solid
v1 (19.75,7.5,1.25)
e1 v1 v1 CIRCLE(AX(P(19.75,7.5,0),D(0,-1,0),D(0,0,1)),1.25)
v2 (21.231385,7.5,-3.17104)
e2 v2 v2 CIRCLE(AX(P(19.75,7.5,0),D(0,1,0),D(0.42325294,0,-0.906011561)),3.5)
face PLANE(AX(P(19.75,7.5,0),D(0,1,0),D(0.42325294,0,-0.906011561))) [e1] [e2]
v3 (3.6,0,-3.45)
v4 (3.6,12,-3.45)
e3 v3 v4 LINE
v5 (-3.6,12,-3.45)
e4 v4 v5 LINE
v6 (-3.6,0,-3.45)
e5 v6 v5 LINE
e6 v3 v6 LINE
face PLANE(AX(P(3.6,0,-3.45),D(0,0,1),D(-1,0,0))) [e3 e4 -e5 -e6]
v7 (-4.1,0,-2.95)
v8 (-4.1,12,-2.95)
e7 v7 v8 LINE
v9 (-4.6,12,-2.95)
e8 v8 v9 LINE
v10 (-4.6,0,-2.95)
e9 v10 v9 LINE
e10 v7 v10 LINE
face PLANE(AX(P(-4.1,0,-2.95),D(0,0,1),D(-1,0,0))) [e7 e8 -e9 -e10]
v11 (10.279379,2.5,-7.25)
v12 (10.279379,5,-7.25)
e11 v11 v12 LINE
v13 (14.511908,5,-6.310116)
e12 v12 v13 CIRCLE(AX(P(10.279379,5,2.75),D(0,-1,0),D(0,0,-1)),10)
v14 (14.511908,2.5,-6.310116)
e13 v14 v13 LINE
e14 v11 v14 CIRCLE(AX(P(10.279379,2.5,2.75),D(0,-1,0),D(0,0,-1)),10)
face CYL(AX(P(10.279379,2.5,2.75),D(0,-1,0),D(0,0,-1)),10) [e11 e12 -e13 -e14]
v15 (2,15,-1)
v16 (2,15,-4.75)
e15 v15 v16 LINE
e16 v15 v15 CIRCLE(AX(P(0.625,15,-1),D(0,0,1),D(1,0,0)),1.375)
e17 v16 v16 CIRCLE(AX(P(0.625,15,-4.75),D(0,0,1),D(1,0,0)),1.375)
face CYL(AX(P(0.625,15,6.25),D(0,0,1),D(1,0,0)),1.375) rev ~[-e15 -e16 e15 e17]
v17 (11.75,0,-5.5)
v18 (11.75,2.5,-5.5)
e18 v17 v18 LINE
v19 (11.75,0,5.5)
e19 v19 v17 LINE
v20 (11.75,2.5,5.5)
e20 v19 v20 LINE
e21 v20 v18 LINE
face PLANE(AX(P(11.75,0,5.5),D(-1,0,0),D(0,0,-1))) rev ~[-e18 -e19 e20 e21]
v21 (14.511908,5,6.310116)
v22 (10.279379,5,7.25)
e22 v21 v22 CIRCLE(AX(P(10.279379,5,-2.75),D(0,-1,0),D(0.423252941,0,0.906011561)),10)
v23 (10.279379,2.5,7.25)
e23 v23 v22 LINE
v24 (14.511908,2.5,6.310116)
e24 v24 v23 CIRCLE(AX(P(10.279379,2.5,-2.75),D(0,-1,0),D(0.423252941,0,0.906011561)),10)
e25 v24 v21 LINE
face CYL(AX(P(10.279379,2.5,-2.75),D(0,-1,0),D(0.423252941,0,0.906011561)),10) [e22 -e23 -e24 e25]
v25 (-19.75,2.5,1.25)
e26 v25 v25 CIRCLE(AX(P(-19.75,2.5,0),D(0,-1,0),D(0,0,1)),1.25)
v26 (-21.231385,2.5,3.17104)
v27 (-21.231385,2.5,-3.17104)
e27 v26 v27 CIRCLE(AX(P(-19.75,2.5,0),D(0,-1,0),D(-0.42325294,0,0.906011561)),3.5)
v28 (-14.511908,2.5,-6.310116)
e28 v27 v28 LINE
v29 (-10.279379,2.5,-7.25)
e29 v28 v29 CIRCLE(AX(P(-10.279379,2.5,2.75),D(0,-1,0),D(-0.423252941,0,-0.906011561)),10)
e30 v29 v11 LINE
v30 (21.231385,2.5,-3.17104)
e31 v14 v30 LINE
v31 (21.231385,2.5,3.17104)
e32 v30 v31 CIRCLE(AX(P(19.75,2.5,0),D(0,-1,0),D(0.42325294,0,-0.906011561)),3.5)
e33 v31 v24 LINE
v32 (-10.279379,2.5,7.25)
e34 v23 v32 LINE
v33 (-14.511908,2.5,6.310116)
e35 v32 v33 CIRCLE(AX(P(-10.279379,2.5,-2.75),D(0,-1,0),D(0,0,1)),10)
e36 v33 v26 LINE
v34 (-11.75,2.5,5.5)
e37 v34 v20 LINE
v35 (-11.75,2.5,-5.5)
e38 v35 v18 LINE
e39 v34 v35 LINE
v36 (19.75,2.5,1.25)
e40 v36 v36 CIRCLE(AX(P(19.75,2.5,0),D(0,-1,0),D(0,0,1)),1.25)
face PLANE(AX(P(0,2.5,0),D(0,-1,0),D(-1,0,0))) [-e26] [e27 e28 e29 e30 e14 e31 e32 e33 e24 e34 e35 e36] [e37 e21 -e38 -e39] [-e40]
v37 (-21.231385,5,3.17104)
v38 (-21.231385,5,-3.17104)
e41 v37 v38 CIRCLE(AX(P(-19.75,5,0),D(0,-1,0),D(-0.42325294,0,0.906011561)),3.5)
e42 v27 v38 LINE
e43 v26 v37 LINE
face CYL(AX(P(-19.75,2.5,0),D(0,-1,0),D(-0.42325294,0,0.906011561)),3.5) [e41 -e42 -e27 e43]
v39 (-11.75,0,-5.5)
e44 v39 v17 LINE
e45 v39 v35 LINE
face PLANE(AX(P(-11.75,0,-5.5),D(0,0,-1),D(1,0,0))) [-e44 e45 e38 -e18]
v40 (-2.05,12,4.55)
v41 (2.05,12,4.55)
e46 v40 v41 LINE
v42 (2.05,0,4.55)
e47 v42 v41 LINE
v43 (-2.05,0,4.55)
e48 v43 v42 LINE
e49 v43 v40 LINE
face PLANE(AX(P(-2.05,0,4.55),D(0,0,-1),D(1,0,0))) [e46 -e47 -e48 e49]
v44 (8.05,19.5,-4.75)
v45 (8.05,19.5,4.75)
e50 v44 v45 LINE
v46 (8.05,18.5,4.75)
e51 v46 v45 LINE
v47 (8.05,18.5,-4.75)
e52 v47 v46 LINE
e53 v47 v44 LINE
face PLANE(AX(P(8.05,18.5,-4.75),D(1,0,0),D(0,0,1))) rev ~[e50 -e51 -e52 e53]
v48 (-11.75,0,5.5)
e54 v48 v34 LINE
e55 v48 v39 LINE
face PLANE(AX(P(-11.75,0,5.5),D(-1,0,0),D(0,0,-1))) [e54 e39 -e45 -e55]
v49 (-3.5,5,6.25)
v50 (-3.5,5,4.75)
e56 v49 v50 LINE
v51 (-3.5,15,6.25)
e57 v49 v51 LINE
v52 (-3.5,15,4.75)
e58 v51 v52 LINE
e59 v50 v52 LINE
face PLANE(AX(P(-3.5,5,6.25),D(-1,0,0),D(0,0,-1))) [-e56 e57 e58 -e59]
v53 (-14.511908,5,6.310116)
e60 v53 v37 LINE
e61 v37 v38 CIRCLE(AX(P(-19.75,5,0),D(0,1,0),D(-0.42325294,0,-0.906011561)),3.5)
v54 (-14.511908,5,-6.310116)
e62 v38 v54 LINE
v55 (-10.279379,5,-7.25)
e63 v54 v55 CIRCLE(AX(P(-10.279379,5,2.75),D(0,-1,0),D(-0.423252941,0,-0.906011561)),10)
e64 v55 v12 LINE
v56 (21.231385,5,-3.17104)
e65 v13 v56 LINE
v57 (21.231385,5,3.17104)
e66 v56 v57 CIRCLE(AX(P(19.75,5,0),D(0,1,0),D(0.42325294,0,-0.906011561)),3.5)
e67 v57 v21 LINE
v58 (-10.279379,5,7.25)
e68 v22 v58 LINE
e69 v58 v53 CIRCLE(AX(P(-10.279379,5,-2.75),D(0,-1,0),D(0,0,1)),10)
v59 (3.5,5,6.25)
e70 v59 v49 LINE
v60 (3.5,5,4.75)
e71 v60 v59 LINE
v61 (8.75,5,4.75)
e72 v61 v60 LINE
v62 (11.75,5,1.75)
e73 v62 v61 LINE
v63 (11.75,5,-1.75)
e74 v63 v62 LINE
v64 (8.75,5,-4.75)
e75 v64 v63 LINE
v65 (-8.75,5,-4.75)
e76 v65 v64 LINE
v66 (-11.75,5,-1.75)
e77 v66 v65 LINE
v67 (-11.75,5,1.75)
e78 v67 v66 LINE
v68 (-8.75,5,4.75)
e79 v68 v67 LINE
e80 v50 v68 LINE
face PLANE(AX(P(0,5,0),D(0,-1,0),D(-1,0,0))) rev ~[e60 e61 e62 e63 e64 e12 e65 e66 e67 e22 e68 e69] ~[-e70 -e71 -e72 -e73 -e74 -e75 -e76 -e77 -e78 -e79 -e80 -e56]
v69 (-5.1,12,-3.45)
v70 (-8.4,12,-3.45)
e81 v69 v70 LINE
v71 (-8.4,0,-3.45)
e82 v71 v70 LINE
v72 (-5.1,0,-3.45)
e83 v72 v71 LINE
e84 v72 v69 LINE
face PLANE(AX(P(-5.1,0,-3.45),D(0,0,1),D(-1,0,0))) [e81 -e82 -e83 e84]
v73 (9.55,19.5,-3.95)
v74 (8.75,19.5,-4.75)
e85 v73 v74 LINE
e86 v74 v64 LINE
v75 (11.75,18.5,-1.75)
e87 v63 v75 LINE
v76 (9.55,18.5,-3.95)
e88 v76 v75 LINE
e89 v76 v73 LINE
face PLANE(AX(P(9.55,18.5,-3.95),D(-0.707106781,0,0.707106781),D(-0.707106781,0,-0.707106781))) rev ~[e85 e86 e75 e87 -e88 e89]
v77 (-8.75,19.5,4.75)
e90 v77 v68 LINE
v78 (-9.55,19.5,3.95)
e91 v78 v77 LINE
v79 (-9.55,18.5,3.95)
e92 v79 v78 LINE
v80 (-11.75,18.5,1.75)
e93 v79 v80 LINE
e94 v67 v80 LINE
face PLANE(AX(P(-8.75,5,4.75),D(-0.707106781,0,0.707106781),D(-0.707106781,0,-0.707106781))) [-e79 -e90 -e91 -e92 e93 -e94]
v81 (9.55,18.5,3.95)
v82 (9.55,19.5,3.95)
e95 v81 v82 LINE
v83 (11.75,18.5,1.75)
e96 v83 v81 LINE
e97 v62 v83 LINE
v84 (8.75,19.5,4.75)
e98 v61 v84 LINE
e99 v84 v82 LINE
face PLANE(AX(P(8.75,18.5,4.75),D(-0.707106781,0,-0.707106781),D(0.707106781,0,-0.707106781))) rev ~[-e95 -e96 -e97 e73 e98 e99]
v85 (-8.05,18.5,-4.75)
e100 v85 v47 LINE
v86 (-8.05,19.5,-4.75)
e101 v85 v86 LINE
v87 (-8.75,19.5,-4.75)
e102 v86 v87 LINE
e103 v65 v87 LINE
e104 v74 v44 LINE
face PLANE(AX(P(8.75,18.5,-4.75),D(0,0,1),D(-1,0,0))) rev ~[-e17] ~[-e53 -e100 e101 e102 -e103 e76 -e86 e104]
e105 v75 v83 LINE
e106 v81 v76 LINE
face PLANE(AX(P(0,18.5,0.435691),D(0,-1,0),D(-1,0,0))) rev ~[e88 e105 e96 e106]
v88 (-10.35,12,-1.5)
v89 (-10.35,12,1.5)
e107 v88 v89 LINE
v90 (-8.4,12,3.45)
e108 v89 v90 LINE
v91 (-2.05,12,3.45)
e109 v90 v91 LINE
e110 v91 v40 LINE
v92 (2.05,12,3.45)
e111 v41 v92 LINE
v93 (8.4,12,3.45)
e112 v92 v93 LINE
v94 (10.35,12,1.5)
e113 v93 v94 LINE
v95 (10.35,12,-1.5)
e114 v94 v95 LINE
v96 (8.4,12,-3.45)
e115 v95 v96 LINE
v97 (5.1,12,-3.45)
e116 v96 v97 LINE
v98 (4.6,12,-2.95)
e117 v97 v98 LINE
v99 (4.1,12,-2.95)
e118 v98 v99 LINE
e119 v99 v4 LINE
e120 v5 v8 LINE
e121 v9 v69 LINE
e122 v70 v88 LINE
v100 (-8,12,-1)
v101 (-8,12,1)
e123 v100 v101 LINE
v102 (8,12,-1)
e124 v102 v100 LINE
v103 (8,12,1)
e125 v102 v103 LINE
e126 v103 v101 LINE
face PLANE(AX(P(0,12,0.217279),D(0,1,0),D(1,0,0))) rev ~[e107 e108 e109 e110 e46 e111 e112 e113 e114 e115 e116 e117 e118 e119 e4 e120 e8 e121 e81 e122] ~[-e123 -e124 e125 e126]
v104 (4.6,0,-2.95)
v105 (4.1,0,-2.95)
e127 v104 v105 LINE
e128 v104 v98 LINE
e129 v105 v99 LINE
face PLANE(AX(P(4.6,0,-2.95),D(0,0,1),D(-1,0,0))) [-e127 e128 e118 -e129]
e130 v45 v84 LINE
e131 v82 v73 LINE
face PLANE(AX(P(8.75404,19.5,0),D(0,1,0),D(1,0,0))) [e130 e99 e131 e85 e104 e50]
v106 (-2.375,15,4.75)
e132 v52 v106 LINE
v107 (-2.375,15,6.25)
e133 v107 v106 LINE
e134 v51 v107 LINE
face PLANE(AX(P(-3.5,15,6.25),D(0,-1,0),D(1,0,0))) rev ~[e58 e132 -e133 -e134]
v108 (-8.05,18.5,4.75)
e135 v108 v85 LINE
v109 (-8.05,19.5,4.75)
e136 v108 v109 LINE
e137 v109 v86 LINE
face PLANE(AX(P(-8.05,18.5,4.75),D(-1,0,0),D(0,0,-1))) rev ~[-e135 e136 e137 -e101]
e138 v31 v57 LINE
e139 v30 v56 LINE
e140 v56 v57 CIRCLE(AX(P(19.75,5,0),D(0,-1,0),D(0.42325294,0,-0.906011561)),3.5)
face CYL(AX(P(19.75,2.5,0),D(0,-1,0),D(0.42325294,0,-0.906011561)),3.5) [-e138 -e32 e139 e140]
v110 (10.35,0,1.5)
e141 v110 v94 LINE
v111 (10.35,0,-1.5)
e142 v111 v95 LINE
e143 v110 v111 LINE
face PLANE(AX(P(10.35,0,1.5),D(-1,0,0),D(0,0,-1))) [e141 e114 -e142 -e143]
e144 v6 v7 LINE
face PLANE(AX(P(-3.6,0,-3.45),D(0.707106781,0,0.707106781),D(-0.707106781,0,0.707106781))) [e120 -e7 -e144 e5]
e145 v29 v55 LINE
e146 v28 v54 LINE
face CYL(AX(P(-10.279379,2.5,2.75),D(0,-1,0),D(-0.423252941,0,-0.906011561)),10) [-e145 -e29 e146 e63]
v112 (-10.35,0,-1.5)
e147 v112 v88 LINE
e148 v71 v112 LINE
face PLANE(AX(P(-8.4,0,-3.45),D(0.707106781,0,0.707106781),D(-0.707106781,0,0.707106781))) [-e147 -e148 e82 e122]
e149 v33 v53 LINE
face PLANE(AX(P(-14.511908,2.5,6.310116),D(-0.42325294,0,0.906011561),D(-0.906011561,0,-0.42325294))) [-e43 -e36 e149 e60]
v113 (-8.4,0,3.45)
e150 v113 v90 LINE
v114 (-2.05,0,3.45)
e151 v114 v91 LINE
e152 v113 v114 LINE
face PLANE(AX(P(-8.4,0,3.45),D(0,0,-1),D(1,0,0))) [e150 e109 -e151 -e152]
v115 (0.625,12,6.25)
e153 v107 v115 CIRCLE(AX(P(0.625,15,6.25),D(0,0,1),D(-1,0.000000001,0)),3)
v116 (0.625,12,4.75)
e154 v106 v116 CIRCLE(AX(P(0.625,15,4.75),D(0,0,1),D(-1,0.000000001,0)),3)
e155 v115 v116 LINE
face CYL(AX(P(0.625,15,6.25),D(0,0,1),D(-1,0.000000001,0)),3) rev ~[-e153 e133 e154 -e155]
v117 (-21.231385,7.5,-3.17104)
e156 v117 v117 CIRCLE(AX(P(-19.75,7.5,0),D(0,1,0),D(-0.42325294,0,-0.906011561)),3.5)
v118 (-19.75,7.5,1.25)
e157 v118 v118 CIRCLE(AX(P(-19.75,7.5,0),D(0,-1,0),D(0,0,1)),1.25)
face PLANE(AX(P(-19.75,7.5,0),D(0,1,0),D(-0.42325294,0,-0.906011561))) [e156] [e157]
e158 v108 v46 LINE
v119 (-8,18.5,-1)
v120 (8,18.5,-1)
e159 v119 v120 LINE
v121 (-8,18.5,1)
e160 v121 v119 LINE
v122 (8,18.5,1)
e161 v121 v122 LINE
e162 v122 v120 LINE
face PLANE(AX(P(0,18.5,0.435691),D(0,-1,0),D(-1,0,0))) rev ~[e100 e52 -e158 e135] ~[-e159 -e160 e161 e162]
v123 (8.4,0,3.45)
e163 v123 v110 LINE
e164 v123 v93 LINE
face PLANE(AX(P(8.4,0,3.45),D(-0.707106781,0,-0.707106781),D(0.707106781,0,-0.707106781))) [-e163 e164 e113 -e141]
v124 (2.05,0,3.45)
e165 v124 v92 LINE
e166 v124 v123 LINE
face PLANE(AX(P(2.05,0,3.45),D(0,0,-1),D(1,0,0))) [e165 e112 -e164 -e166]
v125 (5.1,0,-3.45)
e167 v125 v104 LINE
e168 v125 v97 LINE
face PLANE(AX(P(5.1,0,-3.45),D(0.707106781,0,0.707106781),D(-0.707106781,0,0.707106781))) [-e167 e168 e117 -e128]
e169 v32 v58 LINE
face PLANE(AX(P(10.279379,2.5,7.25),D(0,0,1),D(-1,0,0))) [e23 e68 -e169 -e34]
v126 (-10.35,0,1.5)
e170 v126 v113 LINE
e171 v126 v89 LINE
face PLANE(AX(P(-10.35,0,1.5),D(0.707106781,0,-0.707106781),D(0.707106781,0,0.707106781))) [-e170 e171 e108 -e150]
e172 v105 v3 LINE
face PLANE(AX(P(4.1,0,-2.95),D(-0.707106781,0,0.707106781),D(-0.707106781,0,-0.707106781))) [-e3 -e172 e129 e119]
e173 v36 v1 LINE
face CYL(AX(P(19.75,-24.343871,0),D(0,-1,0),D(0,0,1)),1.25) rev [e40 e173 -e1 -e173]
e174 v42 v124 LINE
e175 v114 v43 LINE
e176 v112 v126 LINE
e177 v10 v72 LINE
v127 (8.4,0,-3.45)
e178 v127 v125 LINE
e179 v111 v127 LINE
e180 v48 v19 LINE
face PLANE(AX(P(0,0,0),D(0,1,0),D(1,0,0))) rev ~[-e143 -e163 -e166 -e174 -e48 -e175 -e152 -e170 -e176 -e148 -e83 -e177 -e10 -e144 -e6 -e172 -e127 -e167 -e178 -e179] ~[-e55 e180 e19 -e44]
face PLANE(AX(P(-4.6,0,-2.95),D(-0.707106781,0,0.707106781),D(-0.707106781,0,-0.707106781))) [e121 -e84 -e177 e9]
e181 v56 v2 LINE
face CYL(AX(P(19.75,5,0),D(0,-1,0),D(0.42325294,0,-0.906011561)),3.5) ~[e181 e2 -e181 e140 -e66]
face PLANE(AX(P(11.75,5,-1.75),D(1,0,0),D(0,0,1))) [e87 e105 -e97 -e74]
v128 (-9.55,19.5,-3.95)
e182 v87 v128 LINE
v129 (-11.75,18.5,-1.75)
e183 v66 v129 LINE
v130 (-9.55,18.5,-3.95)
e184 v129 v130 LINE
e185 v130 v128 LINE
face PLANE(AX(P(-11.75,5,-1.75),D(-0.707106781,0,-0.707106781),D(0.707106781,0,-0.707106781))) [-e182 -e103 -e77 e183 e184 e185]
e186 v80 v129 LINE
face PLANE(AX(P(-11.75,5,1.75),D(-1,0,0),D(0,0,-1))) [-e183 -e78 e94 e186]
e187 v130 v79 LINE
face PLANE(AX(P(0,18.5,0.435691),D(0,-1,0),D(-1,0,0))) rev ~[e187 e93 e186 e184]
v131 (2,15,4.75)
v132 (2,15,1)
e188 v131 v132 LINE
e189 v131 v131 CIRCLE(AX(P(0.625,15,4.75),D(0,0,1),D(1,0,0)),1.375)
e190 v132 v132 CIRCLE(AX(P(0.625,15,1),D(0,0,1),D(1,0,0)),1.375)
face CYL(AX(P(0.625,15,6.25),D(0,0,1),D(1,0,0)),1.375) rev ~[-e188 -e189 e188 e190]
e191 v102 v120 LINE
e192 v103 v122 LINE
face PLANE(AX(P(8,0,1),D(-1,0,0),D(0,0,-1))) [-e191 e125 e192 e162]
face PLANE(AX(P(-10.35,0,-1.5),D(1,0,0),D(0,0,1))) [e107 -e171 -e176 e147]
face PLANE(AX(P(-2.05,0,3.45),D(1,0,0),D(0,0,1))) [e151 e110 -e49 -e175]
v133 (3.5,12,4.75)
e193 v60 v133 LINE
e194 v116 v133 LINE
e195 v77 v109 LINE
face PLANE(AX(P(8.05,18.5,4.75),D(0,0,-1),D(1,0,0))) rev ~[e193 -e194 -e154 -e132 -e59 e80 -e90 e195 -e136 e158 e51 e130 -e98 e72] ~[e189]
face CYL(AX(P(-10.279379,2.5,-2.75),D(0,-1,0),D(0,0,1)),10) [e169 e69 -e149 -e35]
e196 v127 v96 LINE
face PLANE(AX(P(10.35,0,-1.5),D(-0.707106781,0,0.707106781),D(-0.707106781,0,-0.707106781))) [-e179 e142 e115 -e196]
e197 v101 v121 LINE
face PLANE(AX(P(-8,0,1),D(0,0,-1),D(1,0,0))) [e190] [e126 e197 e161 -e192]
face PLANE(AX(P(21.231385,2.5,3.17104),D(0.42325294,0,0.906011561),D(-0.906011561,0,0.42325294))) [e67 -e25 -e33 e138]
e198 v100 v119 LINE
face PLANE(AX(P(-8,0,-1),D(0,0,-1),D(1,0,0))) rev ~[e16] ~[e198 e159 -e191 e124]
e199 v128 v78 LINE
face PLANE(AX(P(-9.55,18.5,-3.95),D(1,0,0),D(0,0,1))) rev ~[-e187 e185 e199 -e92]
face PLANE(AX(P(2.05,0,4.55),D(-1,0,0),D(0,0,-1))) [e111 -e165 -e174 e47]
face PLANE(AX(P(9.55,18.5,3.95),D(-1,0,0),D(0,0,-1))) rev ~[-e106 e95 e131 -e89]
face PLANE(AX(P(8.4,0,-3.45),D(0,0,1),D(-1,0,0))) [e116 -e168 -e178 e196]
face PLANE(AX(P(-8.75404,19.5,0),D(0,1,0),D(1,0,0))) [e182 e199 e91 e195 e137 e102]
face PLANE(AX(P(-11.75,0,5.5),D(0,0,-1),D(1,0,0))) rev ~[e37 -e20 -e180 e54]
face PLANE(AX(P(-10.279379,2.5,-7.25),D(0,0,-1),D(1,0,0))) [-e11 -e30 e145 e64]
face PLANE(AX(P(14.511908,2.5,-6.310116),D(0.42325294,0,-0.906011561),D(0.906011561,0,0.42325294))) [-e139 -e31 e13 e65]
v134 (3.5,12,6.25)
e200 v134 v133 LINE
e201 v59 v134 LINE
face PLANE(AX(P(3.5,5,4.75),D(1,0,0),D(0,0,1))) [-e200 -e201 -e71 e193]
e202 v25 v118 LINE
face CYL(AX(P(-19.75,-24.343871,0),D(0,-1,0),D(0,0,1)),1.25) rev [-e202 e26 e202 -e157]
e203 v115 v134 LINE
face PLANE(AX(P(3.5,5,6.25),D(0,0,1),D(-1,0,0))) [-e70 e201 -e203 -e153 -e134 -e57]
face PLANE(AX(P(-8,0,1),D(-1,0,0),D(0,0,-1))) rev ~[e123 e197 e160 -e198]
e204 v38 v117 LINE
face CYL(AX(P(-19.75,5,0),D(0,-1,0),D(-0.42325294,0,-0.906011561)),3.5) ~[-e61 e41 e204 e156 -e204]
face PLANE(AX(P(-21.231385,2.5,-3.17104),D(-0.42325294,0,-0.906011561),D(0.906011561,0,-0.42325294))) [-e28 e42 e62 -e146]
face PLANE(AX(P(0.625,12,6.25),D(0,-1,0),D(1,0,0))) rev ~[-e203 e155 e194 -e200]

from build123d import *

# Parameters (mm, degrees)
SKETCH1_W               = 23.5
SKETCH1_H               = 11
BOSS_EXTRUDE1_DEPTH     = 2.5
BOSS_EXTRUDE2_DEPTH     = 2.5
BOSS_EXTRUDE3_DEPTH     = 13.5
BOSS_EXTRUDE4_DEPTH     = 1
CUT_EXTRUDE1_DEPTH      = 12
SKETCH7_W               = 16
SKETCH7_H               = 2
CUT_EXTRUDE2_DEPTH      = 32.198958316
SKETCH8_R               = 1.375
CUT_EXTRUDE3_DEPTH      = 12
CUT_EXTRUDE5_DEPTH      = 1.5
SKETCH10_R              = 3.5
BOSS_EXTRUDE5_DEPTH     = 2.5
CUT_EXTRUDE6_DEPTH      = 29.34387059
CUT_EXTRUDE6_DEPTH_BACK = 29.34387059
SKETCH11_R              = 1.25


with BuildPart() as part:
    # Sketch1 → Boss-Extrude1 (new body)
    with BuildSketch(Plane(origin=(0, 0, 0), x_dir=(1, 0, 0), z_dir=(0, 1, 0))):
        Rectangle(SKETCH1_W, SKETCH1_H)
    extrude(amount=BOSS_EXTRUDE1_DEPTH)

    # Sketch2 → Boss-Extrude2 (add)
    with BuildSketch(Plane(origin=(0, 2.5, 0), x_dir=(1, 0, 0), z_dir=(0, 1, 0))):
        with BuildLine():
            Line((21.231385291, -3.171040463), (14.511908348, -6.310115609))
            ThreePointArc((14.511908348, -6.310115609), (12.447193964, -7.012201496), (10.279378945, -7.25))
            Line((10.279378945, -7.25), (-10.279378945, -7.25))
            ThreePointArc((-10.279378945, -7.25), (-12.447193964, -7.012201496), (-14.511908348, -6.310115609))
            Line((-14.511908348, -6.310115609), (-21.231385291, -3.171040463))
            ThreePointArc((-21.231385291, -3.171040463), (-23.25, 0), (-21.231385291, 3.171040463))
            Line((-21.231385291, 3.171040463), (-14.511908348, 6.310115609))
            ThreePointArc((-14.511908348, 6.310115609), (-12.447193964, 7.012201496), (-10.279378945, 7.25))
            Line((-10.279378945, 7.25), (10.279378945, 7.25))
            ThreePointArc((10.279378945, 7.25), (12.447193964, 7.012201496), (14.511908348, 6.310115609))
            Line((14.511908348, 6.310115609), (21.231385291, 3.171040463))
            ThreePointArc((21.231385291, 3.171040463), (23.25, 0), (21.231385291, -3.171040463))
        make_face()
    extrude(amount=BOSS_EXTRUDE2_DEPTH)

    # Sketch3 → Boss-Extrude3 (add)
    with BuildSketch(Plane(origin=(0, 5, 0), x_dir=(1, 0, 0), z_dir=(0, 1, 0))):
        Polygon((8.75, -4.75), (3.5, -4.75), (3.5, -6.25), (-3.5, -6.25), (-3.5, -4.75), (-8.75, -4.75), (-11.75, -1.75), (-11.75, 1.75), (-8.75, 4.75), (8.75, 4.75), (11.75, 1.75), (11.75, -1.75), align=None)
    extrude(amount=BOSS_EXTRUDE3_DEPTH)

    # Sketch5 → Boss-Extrude4 (add)
    with BuildSketch(Plane(origin=(0, 18.5, 0), x_dir=(1, 0, 0), z_dir=(0, 1, 0))):
        Polygon((8.75, 4.75), (8.05, 4.75), (8.05, -4.75), (8.75, -4.75), (9.55, -3.95), (9.55, 3.95), align=None)
        Polygon((-8.05, 4.75), (-8.75, 4.75), (-9.55, 3.95), (-9.55, -3.95), (-8.75, -4.75), (-8.05, -4.75), align=None)
    extrude(amount=BOSS_EXTRUDE4_DEPTH)

    # Sketch6 → Cut-Extrude1 (cut)
    with BuildSketch(Plane(origin=(0, 0, 0), x_dir=(1, 0, 0), z_dir=(0, 1, 0))):
        Polygon((8.4, 3.45), (5.1, 3.45), (4.6, 2.95), (4.1, 2.95), (3.6, 3.45), (-3.6, 3.45), (-4.1, 2.95), (-4.6, 2.95), (-5.1, 3.45), (-8.4, 3.45), (-10.35, 1.5), (-10.35, -1.5), (-8.4, -3.45), (-2.05, -3.45), (-2.05, -4.55), (2.05, -4.55), (2.05, -3.45), (8.4, -3.45), (10.35, -1.5), (10.35, 1.5), align=None)
    extrude(amount=CUT_EXTRUDE1_DEPTH, mode=Mode.SUBTRACT)

    # Sketch7 → Cut-Extrude2 (cut, through all)
    with BuildSketch(Plane(origin=(0, 0, 0), x_dir=(1, 0, 0), z_dir=(0, 1, 0))):
        Rectangle(SKETCH7_W, SKETCH7_H)
    extrude(amount=CUT_EXTRUDE2_DEPTH, mode=Mode.SUBTRACT)

    # Sketch8 → Cut-Extrude3 (cut)
    with BuildSketch(Plane.XY.offset(6.25)):
        with Locations((0.625, 15)):
            Circle(SKETCH8_R)
    extrude(amount=-CUT_EXTRUDE3_DEPTH, mode=Mode.SUBTRACT)

    # Sketch9 → Cut-Extrude5 (cut)
    with BuildSketch(Plane.XY.offset(6.25)):
        with BuildLine():
            Line((0.625, 12), (3.5, 12))
            Line((3.5, 12), (3.5, 18.5))
            Line((3.5, 18.5), (-3.5, 18.5))
            Line((-3.5, 18.5), (-3.5, 15))
            Line((-3.5, 15), (-2.375, 15))
            ThreePointArc((-2.375, 15), (-1.496320344, 12.878679656), (0.625, 12))
        make_face()
    extrude(amount=-CUT_EXTRUDE5_DEPTH, mode=Mode.SUBTRACT)

    # Sketch10 → Boss-Extrude5 (add)
    with BuildSketch(Plane(origin=(0, 5, 0), x_dir=(1, 0, 0), z_dir=(0, 1, 0))):
        with Locations(Location((-19.75, 0, 0), (0, 0, 115.040130233))):
            Circle(SKETCH10_R)
        with Locations(Location((19.75, 0, 0), (0, 0, 64.959869767))):
            Circle(SKETCH10_R)
    extrude(amount=BOSS_EXTRUDE5_DEPTH)

    # Sketch11 → Cut-Extrude6 (cut, two sides: drawn at the far end of the back side and taken through both)
    with BuildSketch(Plane(origin=(0, 5, 0), x_dir=(1, 0, 0), z_dir=(0, 1, 0)).offset(-CUT_EXTRUDE6_DEPTH_BACK)):
        with Locations(Location((19.75, 0, 0), (0, 0, 270))):
            Circle(SKETCH11_R)
        with Locations(Location((-19.75, 0, 0), (0, 0, 270))):
            Circle(SKETCH11_R)
    extrude(amount=CUT_EXTRUDE6_DEPTH + CUT_EXTRUDE6_DEPTH_BACK, mode=Mode.SUBTRACT)


solid = part.part
